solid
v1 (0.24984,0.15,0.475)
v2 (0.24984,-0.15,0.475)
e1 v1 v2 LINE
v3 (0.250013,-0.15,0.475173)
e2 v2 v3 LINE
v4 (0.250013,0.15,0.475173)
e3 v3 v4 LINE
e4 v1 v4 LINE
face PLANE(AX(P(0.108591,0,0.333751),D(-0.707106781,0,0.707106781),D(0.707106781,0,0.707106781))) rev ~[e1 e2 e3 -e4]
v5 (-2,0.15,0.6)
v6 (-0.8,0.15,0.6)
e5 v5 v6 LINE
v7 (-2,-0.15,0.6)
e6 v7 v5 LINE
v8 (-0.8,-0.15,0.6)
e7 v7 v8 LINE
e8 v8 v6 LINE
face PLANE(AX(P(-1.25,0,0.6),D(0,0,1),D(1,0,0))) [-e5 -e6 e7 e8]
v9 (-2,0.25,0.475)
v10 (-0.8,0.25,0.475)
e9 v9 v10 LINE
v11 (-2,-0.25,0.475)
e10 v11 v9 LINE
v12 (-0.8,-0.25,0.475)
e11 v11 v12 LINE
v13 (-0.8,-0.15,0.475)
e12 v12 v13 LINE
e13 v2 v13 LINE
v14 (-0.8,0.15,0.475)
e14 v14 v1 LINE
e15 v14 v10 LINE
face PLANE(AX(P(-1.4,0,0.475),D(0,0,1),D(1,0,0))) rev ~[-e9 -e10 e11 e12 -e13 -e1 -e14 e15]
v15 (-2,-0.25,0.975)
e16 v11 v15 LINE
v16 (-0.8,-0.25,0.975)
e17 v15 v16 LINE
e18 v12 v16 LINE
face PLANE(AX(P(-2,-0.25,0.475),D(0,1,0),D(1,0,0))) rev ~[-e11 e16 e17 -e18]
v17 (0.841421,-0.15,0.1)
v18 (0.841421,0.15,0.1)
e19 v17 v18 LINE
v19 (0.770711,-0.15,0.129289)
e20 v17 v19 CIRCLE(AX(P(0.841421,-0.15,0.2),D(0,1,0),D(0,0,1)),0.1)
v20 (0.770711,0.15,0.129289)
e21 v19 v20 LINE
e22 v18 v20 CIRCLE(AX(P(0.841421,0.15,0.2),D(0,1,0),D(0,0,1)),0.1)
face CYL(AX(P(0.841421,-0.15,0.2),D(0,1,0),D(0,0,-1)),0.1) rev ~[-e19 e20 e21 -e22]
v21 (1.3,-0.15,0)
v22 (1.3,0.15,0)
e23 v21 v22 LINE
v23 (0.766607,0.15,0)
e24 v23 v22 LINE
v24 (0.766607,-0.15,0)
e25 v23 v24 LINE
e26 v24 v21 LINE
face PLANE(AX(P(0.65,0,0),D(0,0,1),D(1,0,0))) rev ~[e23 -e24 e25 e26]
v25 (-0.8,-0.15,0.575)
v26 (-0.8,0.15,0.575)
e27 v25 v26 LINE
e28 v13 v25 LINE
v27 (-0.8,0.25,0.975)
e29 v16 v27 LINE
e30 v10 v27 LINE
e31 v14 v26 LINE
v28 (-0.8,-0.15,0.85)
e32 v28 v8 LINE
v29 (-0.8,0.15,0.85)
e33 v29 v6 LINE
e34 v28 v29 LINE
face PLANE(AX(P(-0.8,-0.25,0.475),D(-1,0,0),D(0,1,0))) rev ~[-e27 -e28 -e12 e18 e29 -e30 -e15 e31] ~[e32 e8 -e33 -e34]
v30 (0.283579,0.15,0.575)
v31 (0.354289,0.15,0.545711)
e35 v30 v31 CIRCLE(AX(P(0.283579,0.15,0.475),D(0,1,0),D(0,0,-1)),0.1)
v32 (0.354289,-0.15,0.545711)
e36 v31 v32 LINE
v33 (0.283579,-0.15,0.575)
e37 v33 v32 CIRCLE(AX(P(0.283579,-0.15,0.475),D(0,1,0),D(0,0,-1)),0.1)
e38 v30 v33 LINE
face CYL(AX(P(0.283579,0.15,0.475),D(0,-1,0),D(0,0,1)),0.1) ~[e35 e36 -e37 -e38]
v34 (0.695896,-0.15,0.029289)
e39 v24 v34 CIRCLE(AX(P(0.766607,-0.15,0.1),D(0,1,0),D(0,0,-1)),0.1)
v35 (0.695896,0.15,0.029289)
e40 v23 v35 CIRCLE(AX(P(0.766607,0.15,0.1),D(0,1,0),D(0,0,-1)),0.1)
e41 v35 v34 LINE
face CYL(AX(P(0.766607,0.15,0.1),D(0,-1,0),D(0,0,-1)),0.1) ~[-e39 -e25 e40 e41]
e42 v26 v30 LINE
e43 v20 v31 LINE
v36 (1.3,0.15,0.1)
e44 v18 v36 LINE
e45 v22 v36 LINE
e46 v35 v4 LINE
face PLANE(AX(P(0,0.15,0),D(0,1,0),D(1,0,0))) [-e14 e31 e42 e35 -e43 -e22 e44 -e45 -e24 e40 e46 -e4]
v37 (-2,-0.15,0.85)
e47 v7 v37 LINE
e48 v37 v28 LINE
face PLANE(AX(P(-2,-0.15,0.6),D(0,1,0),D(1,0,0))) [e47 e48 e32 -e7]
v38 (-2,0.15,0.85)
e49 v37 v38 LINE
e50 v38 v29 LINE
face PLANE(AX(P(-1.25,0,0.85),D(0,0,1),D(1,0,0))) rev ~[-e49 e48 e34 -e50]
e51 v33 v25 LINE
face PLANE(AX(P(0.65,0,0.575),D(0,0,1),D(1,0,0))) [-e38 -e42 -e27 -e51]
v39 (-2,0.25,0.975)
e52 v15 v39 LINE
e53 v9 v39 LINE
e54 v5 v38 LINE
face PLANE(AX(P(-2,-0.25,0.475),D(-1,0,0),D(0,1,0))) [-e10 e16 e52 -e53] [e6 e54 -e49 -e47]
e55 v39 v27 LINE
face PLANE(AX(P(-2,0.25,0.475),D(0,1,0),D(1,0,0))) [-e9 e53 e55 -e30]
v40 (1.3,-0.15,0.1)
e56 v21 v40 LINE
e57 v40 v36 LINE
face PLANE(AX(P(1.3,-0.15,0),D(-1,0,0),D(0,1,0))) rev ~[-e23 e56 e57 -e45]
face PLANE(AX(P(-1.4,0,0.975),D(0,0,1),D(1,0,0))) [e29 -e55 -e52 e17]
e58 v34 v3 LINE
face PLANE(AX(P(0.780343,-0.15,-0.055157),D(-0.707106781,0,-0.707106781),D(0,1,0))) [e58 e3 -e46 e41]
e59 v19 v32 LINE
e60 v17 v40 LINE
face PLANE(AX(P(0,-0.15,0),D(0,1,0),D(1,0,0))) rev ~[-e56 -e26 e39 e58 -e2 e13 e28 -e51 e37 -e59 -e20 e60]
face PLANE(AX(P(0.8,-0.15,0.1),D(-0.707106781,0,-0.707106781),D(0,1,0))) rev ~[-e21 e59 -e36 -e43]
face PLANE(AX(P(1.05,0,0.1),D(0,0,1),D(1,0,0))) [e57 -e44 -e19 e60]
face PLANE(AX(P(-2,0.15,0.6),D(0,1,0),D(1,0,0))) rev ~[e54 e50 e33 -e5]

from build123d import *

# Parameters (mm, degrees)
BOX143_W     = 1.2
BOX143_H     = 0.5
BOX143_DEPTH = 0.5
BOX149_W     = 1.5
BOX149_H     = 0.3
BOX149_DEPTH = 0.1
BOX144_W     = 1.3
BOX144_H     = 0.3
BOX144_DEPTH = 0.575
BOX148_W     = 0.25
BOX148_H     = 0.3
BOX148_DEPTH = 0.475
BOX146_W     = 0.5
BOX146_H     = 0.3
BOX146_DEPTH = 0.5
BOX147_W     = 0.5
BOX147_H     = 0.3
BOX147_DEPTH = 0.75
BOX150_W     = 0.4
BOX150_H     = 0.3
BOX150_DEPTH = 0.75
FILLET023_R  = 0.1
FILLET022_R  = 0.1
BOX145_W     = 1.5
BOX145_H     = 0.3
BOX145_DEPTH = 0.25
FILLET030_R  = 0.1


with BuildPart() as part:
    # Box143 → Box143 (join)
    with BuildSketch(Plane(origin=(-2, 4.25, 0.475), x_dir=(1, 0, 0), z_dir=(0, 0, 1))):
        with Locations((0.6, 0.25)):
            Rectangle(BOX143_W, BOX143_H)
    extrude(amount=BOX143_DEPTH)

    # Box149 → Box149 (join)
    with BuildSketch(Plane(origin=(-0.8, 4.35, 0.475), x_dir=(1, 0, 0), z_dir=(0, 0, 1))):
        with Locations((0.75, 0.15)):
            Rectangle(BOX149_W, BOX149_H)
    extrude(amount=BOX149_DEPTH)

    # Box144 → Box144 (join)
    with BuildSketch(Plane(origin=(0, 4.35, 0), x_dir=(1, 0, 0), z_dir=(0, 0, 1))):
        with Locations((0.65, 0.15)):
            Rectangle(BOX144_W, BOX144_H)
    extrude(amount=BOX144_DEPTH)

    # Box148 → Box148 (cut)
    with BuildSketch(Plane(origin=(0, 4.35, 0), x_dir=(1, 0, 0), z_dir=(0, 0, 1))):
        with Locations((0.125, 0.15)):
            Rectangle(BOX148_W, BOX148_H)
    extrude(amount=BOX148_DEPTH, mode=Mode.SUBTRACT)

    # Box146 → Box146 (cut)
    with BuildSketch(Plane(origin=(0.8, 4.35, 0.1), x_dir=(1, 0, 0), z_dir=(0, 0, 1))):
        with Locations((0.25, 0.15)):
            Rectangle(BOX146_W, BOX146_H)
    extrude(amount=BOX146_DEPTH, mode=Mode.SUBTRACT)

    # Box147 → Box147 (cut)
    with BuildSketch(Plane(origin=(0.8, 4.35, 0.1), x_dir=(0.707107, 0, 0.707107), z_dir=(-0.707107, 0, 0.707107))):
        with Locations((0.25, 0.15)):
            Rectangle(BOX147_W, BOX147_H)
    extrude(amount=BOX147_DEPTH, mode=Mode.SUBTRACT)

    # Box150 → Box150 (cut)
    with BuildSketch(Plane(origin=(0.4975, 4.35, -0.338), x_dir=(0.707107, 0, 0.707107), z_dir=(-0.707107, 0, 0.707107))):
        with Locations((0.2, 0.15)):
            Rectangle(BOX150_W, BOX150_H)
    extrude(amount=BOX150_DEPTH, mode=Mode.SUBTRACT)

    # Fillet023
    fillet023_edges = [part.edges().sort_by_distance(p)[0] for p in [
        (0.325, 4.5, 0.575),
    ]]
    fillet(fillet023_edges, radius=FILLET023_R)

    # Fillet022
    fillet022_edges = [part.edges().sort_by_distance(p)[0] for p in [
        (0.725185, 4.5, 0),
    ]]
    fillet(fillet022_edges, radius=FILLET022_R)

    # Box145 → Box145 (cut)
    with BuildSketch(Plane(origin=(-2, 4.35, 0.6), x_dir=(1, 0, 0), z_dir=(0, 0, 1))):
        with Locations((0.75, 0.15)):
            Rectangle(BOX145_W, BOX145_H)
    extrude(amount=BOX145_DEPTH, mode=Mode.SUBTRACT)

    # Fillet030
    fillet030_edges = [part.edges().sort_by_distance(p)[0] for p in [
        (0.8, 4.5, 0.1),
    ]]
    fillet(fillet030_edges, radius=FILLET030_R)


with BuildPart() as part_1:
    # Body045 placement: moved
    add(part.part.moved(Location((0, -4.5, 0))))


solid = part_1.part
